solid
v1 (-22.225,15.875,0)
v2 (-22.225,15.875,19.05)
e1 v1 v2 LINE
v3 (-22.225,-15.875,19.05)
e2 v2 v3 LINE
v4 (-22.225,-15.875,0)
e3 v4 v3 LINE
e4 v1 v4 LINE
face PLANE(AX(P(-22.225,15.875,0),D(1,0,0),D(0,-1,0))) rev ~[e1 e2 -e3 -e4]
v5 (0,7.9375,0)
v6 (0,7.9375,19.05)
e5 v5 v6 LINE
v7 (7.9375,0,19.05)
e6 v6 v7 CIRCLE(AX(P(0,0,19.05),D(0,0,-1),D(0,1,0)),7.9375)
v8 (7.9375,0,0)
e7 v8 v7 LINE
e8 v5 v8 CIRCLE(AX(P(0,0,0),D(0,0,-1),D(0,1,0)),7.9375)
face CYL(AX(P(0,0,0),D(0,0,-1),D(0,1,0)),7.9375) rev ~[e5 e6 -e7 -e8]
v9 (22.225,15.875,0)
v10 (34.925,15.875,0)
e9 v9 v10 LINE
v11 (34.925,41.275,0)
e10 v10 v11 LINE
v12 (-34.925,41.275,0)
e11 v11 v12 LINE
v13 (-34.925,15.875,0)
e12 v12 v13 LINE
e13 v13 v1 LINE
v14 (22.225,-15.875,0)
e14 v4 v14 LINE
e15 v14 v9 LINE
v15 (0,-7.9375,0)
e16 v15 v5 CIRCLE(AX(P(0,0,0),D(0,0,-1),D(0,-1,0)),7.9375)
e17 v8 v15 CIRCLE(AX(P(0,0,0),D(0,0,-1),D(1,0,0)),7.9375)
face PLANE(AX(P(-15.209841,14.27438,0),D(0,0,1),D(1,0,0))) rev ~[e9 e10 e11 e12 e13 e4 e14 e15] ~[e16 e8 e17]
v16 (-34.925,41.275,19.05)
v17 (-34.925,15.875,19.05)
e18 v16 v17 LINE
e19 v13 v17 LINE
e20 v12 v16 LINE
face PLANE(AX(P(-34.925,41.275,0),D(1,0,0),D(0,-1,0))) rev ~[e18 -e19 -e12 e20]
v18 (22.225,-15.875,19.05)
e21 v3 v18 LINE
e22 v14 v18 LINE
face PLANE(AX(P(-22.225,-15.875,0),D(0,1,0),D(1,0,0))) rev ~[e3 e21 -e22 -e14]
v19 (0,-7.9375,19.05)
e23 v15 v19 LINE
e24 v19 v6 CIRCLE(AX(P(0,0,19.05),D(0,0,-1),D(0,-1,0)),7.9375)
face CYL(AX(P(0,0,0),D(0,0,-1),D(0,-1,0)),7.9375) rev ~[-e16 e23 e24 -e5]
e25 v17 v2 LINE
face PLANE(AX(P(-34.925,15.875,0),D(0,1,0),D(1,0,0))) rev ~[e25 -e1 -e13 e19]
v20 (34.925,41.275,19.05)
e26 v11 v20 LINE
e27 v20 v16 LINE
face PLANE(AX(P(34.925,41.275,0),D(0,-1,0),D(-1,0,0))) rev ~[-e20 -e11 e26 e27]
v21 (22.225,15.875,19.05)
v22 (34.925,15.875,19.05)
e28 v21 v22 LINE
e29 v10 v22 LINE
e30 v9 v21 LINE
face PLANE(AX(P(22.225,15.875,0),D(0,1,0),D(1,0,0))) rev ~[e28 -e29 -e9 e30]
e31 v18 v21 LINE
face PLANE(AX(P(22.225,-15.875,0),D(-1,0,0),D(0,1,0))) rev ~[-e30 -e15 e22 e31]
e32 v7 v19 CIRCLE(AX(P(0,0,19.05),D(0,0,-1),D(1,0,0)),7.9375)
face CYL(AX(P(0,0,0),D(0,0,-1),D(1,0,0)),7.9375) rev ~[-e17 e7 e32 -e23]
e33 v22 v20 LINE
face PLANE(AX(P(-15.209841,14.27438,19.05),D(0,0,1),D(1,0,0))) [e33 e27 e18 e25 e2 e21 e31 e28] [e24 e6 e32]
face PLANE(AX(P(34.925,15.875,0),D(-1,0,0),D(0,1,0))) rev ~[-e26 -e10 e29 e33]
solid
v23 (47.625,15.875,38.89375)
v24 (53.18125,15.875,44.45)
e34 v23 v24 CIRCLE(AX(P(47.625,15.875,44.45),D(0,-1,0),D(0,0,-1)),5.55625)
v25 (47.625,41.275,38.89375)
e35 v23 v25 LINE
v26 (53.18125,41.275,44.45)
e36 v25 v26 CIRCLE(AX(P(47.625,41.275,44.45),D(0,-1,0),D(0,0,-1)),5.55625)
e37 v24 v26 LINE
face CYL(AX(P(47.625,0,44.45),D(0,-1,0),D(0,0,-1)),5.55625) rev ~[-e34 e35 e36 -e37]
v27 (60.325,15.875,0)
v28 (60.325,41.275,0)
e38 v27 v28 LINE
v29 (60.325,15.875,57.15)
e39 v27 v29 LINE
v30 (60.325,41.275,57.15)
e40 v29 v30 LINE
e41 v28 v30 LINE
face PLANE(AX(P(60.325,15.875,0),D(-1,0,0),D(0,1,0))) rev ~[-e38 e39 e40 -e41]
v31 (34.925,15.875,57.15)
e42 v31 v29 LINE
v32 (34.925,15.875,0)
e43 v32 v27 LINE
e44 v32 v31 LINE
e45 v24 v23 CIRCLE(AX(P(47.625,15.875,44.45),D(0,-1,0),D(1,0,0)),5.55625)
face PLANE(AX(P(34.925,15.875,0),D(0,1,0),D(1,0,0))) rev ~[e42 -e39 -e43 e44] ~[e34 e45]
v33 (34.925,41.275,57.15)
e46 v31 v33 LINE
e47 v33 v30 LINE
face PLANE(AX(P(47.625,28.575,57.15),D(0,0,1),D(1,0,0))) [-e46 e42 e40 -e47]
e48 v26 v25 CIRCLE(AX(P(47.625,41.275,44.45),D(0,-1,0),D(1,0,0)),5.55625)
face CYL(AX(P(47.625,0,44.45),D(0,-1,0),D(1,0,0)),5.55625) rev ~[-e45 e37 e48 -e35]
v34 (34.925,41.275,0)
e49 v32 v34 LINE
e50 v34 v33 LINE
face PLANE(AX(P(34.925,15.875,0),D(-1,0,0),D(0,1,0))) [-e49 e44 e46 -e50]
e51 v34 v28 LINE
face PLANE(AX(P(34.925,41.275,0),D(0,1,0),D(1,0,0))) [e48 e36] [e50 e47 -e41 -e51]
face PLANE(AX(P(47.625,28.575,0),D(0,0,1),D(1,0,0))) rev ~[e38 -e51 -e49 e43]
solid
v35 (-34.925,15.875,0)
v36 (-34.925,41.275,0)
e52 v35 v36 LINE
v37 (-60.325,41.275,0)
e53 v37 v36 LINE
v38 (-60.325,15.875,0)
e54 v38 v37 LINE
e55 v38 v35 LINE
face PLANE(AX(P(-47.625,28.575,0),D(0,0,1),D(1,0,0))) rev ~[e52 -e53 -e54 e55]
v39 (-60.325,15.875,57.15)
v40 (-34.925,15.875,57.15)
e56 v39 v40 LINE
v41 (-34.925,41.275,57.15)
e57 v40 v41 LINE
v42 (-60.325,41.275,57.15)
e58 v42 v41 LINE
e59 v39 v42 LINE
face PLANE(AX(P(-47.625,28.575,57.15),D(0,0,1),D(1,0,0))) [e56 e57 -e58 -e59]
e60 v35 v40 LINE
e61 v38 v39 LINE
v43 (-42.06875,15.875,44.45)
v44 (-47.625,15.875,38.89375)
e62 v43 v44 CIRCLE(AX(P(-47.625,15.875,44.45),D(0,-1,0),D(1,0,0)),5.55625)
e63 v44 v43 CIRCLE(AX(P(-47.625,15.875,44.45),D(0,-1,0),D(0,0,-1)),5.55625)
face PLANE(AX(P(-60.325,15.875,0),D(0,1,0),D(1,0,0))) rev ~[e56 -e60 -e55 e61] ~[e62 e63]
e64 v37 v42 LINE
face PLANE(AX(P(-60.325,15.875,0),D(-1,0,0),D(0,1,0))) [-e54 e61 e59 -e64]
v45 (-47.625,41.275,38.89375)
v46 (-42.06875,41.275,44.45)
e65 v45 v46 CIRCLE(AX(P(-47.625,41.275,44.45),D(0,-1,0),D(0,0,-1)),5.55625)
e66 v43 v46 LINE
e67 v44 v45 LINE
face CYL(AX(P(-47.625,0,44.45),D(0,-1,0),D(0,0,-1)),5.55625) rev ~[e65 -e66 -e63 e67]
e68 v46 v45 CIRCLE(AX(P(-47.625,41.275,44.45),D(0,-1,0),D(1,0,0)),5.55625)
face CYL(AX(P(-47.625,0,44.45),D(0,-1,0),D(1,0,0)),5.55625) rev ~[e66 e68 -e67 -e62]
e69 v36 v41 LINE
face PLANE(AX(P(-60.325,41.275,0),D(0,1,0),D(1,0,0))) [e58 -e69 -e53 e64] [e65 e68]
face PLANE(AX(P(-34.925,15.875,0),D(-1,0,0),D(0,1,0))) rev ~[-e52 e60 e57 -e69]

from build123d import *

# Parameters (mm, degrees)
F0_W     = 25.4
F0_H     = 25.4
F1_DEPTH = 57.15
F2_DEPTH = 57.15
F3_DEPTH = 19.05
F5_DEPTH = 49.022
F6_DEPTH = 48.768


with BuildPart() as f1:
    # F0 (on Top) → F1 (new body)
    with BuildSketch(Plane.XY):
        with Locations((-47.625, 28.575)):
            Rectangle(F0_W, F0_H)
    extrude(amount=F1_DEPTH)


with BuildPart() as f2:
    # F0 (on Top) → F2 (new body)
    with BuildSketch(Plane.XY):
        with Locations((47.625, 28.575)):
            Rectangle(F0_W, F0_H)
    extrude(amount=F2_DEPTH)


with BuildPart() as f3:
    # F0 (on Top) → F3 (new body)
    with BuildSketch(Plane.XY):
        with BuildLine():
            ThreePointArc((0, -7.9375), (-7.9375, 0), (0, 7.9375))
            Line((0, 7.9375), (0, 15.875))
            Line((0, 15.875), (0, 41.275))
            Line((0, 41.275), (-34.925, 41.275))
            Line((-34.925, 41.275), (-34.925, 15.875))
            Line((-34.925, 15.875), (-22.225, 15.875))
            Line((-22.225, 15.875), (-22.225, -15.875))
            Line((-22.225, -15.875), (0, -15.875))
            Line((0, -15.875), (0, -7.9375))
        make_face()
        with BuildLine():
            ThreePointArc((0, 7.9375), (5.6126600757, 5.6126600757), (7.9375, 0))
            ThreePointArc((7.9375, 0), (5.6126600757, -5.6126600757), (0, -7.9375))
            Line((0, -7.9375), (0, -15.875))
            Line((0, -15.875), (22.225, -15.875))
            Line((22.225, -15.875), (22.225, 15.875))
            Line((22.225, 15.875), (34.925, 15.875))
            Line((34.925, 15.875), (34.925, 41.275))
            Line((34.925, 41.275), (0, 41.275))
            Line((0, 41.275), (0, 15.875))
            Line((0, 15.875), (0, 7.9375))
        make_face()
    extrude(amount=F3_DEPTH)


with BuildPart() as f5_tool:
    # F4 (on Front) → F5 (new body)
    with BuildSketch(Plane.XZ):
        with BuildLine():
            ThreePointArc((-42.06875, 44.45), (-51.553862053, 48.378862053), (-47.625, 38.89375))
            ThreePointArc((-47.625, 38.89375), (-43.696137947, 40.521137947), (-42.06875, 44.45))
        make_face()
        with BuildLine():
            ThreePointArc((53.18125, 44.45), (43.696137947, 48.378862053), (47.625, 38.89375))
            ThreePointArc((47.625, 38.89375), (51.553862053, 40.521137947), (53.18125, 44.45))
        make_face()
    extrude(amount=-F5_DEPTH)


with BuildPart() as f1_1:
    add(f1.part)

    # F5: cut by f5_tool
    add(f5_tool.part, mode=Mode.SUBTRACT)

    # F4 (on Front) → F6 (cut)
    with BuildSketch(Plane.XZ):
        with BuildLine():
            ThreePointArc((-42.06875, 44.45), (-51.553862053, 48.378862053), (-47.625, 38.89375))
            ThreePointArc((-47.625, 38.89375), (-43.696137947, 40.521137947), (-42.06875, 44.45))
        make_face()
        with BuildLine():
            ThreePointArc((53.18125, 44.45), (43.696137947, 48.378862053), (47.625, 38.89375))
            ThreePointArc((47.625, 38.89375), (51.553862053, 40.521137947), (53.18125, 44.45))
        make_face()
    extrude(amount=-F6_DEPTH, mode=Mode.SUBTRACT)


with BuildPart() as f2_1:
    add(f2.part)

    # F5: cut by f5_tool
    add(f5_tool.part, mode=Mode.SUBTRACT)


solid = Compound([f3.part, f1_1.part, f2_1.part])
